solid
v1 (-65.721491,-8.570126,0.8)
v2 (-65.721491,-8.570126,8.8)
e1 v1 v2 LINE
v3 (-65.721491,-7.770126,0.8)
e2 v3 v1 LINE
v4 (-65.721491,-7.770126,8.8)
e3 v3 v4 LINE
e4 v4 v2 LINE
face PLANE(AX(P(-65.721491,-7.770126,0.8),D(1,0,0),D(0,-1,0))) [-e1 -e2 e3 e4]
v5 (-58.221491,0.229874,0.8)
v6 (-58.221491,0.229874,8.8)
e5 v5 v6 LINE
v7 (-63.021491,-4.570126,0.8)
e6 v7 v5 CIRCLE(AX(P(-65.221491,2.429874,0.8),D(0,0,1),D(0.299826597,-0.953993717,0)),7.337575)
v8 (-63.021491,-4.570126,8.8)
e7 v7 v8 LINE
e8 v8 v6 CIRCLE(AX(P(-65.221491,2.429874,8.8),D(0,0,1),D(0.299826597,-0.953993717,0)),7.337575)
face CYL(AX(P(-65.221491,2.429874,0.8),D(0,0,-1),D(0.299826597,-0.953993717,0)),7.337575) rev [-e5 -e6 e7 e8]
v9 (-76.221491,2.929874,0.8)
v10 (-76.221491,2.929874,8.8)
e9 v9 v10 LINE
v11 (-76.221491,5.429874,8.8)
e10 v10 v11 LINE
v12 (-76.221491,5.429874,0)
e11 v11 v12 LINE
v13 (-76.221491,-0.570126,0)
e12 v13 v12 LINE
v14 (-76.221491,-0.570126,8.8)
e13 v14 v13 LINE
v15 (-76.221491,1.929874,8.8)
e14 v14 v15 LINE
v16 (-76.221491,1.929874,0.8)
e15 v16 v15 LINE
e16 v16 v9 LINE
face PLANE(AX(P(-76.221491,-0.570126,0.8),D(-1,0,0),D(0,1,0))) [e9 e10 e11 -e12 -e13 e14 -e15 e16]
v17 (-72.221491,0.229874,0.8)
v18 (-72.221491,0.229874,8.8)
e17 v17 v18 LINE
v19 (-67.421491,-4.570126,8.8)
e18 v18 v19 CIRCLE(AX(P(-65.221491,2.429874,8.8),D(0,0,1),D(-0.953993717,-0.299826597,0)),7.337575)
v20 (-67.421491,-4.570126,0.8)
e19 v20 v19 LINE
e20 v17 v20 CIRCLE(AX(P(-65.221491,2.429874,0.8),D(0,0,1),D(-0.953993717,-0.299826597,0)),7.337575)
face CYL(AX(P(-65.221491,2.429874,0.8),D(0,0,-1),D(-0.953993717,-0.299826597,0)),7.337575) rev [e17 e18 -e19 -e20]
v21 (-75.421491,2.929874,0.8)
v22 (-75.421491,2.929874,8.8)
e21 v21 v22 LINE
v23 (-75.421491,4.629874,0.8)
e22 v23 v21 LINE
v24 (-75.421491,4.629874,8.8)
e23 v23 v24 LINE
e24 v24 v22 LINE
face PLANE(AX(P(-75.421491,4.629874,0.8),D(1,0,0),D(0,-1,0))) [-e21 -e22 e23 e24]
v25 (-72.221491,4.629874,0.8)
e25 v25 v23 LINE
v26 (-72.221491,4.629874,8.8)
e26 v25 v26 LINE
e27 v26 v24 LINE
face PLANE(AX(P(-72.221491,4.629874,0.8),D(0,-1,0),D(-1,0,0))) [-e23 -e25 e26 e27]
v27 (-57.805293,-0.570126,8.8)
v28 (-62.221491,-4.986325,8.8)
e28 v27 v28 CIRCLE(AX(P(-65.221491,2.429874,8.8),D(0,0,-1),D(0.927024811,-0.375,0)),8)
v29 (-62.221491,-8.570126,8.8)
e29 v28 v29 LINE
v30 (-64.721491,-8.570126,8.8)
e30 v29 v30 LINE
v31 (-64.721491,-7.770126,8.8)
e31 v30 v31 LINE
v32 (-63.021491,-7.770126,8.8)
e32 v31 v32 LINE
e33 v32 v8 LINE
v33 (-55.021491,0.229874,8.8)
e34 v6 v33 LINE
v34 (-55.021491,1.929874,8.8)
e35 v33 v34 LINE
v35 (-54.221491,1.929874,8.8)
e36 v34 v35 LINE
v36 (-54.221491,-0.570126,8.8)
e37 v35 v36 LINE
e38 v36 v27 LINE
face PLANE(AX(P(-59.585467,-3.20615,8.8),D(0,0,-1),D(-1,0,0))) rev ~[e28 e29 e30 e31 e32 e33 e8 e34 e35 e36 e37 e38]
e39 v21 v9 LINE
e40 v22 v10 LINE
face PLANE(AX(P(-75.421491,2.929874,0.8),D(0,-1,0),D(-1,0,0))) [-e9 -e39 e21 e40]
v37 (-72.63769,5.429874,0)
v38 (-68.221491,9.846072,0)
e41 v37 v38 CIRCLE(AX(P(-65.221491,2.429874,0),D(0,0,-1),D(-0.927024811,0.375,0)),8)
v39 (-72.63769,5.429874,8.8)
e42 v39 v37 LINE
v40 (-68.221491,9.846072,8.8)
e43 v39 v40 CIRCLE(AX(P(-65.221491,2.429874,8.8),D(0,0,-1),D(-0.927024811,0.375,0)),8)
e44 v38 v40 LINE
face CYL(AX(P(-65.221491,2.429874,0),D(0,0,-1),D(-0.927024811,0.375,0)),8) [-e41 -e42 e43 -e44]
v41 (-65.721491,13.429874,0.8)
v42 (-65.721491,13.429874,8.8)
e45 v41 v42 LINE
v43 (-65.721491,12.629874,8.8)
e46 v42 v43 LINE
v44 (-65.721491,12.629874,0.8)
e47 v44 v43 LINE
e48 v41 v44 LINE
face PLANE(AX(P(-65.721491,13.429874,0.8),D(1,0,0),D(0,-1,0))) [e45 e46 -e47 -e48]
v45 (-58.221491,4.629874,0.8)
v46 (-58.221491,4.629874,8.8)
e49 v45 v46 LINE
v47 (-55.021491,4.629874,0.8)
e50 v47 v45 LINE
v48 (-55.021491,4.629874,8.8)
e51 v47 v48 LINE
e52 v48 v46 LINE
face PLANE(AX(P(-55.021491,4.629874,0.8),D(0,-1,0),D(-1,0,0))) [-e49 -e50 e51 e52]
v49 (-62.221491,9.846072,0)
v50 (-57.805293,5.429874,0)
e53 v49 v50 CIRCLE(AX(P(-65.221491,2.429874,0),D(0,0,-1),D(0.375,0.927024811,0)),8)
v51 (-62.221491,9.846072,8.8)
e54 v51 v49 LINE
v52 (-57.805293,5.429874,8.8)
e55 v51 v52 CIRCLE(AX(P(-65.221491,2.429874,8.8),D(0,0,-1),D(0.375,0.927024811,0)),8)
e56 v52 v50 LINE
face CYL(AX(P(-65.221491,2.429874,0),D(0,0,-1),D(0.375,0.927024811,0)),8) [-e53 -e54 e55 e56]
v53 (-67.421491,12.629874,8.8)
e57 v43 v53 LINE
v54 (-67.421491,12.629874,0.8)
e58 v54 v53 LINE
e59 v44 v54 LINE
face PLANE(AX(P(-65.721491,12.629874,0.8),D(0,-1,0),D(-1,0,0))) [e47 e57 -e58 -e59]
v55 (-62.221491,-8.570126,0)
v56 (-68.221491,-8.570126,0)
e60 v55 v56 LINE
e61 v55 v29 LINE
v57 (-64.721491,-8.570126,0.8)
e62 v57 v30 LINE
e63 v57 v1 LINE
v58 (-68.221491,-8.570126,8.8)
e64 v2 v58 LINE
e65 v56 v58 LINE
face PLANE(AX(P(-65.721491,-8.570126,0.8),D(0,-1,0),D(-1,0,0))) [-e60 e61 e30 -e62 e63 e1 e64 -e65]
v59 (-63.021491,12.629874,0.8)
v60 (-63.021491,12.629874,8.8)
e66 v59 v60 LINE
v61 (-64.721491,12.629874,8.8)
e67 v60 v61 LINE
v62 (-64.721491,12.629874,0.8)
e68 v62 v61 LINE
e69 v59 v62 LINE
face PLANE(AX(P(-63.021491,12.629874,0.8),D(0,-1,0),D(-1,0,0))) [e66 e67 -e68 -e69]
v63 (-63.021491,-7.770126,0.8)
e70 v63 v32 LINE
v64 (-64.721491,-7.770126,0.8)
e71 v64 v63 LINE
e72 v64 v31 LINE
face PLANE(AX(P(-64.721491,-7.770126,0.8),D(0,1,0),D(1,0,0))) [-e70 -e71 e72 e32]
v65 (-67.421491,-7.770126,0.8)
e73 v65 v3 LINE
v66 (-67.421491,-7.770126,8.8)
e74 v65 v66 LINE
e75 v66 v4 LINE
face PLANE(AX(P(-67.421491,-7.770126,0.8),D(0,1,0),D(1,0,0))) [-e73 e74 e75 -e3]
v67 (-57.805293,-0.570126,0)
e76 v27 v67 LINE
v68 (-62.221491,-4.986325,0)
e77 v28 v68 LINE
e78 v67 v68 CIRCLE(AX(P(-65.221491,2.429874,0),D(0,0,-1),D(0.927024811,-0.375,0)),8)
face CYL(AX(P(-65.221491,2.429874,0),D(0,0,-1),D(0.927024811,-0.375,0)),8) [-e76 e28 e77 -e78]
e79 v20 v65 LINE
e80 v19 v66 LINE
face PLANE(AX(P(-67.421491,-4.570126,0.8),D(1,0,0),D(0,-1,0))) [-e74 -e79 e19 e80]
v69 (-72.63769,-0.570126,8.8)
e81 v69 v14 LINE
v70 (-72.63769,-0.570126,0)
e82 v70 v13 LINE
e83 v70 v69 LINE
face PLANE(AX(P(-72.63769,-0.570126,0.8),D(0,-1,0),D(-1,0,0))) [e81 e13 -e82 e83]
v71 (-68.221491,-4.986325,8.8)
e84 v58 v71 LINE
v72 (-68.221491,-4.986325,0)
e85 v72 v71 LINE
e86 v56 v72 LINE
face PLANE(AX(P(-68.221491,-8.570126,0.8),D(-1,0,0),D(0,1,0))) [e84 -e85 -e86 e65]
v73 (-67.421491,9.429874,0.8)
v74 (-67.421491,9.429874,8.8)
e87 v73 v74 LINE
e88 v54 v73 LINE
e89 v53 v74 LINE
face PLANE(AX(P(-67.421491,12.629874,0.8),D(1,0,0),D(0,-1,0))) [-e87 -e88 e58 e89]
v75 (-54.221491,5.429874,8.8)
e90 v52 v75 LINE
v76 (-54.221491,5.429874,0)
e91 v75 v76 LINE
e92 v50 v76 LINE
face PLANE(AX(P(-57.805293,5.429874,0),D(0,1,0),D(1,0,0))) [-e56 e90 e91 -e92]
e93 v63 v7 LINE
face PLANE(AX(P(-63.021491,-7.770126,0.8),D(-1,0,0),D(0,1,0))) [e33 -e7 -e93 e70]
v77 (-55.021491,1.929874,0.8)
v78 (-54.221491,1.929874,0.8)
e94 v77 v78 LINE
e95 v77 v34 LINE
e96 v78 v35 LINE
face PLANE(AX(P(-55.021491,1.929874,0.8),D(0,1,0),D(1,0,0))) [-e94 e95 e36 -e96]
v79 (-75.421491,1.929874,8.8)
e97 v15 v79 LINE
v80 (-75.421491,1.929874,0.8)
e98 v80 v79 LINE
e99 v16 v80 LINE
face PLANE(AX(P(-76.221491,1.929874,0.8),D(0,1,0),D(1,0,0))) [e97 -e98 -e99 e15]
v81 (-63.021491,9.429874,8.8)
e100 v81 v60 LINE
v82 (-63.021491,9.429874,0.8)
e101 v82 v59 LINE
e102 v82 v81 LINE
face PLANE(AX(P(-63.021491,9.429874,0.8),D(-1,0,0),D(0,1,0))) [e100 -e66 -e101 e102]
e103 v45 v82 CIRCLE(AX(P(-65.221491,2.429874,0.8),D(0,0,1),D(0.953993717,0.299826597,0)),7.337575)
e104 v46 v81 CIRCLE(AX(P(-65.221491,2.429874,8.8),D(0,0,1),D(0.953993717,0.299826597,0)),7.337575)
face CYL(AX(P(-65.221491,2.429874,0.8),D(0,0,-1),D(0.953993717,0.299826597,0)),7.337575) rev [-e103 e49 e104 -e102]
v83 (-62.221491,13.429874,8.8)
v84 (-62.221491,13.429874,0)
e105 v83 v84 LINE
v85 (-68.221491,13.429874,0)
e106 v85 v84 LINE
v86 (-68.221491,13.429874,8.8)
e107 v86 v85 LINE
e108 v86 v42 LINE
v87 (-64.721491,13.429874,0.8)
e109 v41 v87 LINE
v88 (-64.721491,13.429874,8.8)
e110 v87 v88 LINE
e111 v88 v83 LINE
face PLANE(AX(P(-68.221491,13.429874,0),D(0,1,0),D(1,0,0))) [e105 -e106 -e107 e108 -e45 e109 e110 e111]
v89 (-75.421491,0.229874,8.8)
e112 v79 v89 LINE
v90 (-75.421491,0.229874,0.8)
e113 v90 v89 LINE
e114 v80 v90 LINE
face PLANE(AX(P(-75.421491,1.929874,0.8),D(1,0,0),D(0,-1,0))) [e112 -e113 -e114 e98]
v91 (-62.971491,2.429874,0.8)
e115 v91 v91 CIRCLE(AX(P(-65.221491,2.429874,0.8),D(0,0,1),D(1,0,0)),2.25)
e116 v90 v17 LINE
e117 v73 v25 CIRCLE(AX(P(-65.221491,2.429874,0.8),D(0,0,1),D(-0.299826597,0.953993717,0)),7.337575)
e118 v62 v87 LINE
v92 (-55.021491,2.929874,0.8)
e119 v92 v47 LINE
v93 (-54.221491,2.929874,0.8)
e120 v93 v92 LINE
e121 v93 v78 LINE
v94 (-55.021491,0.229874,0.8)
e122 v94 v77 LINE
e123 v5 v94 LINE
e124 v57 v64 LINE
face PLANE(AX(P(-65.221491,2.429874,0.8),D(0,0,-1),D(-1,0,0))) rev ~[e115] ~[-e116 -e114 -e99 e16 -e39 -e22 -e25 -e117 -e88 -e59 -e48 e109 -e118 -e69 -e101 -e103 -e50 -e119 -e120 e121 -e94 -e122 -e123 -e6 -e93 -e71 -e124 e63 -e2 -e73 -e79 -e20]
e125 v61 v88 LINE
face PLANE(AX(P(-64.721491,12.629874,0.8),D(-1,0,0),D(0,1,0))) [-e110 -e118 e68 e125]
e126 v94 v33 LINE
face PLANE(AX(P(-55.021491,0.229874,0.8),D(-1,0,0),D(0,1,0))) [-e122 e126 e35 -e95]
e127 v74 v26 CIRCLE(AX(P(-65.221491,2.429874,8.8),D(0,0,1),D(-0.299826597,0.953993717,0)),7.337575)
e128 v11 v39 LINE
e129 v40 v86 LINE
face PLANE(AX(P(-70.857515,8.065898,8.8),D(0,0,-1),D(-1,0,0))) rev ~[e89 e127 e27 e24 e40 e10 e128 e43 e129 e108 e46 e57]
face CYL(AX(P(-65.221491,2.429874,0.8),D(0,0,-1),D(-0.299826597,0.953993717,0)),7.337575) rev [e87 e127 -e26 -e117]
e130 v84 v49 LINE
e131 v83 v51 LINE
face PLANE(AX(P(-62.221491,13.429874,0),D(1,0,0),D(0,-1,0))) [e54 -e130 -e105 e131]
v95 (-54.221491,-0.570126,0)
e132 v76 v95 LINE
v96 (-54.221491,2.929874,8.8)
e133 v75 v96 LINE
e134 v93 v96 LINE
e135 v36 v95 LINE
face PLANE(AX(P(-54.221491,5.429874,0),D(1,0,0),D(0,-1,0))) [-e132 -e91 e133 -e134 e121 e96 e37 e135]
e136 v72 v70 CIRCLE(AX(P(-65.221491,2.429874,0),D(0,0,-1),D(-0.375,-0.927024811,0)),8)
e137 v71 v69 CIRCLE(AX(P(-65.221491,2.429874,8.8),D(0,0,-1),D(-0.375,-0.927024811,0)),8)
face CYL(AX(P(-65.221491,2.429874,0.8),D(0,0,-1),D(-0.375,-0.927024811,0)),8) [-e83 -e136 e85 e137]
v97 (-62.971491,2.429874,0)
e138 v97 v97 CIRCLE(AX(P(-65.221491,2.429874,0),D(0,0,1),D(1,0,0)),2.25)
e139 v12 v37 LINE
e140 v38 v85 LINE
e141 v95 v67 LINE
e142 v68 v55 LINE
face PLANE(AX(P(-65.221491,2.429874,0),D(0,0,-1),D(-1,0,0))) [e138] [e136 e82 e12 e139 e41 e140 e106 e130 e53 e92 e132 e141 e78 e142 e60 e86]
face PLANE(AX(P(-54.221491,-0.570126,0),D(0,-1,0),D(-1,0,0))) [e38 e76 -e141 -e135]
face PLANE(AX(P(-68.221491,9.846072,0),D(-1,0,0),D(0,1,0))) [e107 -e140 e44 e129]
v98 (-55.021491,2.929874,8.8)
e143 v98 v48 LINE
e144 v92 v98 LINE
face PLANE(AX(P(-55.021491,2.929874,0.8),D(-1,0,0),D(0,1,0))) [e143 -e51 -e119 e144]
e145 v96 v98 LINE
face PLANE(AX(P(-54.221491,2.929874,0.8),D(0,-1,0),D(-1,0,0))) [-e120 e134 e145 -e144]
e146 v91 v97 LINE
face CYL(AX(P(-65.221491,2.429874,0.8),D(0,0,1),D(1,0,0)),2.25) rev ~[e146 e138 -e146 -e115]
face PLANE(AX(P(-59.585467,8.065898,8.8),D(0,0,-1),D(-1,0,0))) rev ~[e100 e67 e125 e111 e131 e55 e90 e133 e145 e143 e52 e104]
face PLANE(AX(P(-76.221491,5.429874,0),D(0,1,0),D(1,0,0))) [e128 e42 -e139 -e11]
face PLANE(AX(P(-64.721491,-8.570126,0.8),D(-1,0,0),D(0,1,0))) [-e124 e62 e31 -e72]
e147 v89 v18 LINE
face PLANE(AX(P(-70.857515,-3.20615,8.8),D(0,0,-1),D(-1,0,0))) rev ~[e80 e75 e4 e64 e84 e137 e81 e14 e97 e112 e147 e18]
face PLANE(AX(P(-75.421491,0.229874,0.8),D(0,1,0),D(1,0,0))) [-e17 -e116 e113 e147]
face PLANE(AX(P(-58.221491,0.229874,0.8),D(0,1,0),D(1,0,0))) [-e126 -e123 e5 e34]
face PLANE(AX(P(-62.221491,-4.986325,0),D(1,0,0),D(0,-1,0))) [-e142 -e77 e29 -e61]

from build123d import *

# Parameters (mm, degrees)
SALIENTE_EXTRUIR1_DEPTH = 0.8
SALIENTE_EXTRUIR2_DEPTH = 8
CROQUIS3_R              = 2.25
CORTAR_EXTRUIR1_DEPTH   = 0.8


with BuildPart() as part:
    # Croquis1 → Saliente-Extruir1 (new body)
    with BuildSketch(Plane.XY):
        with BuildLine():
            Line((-68.221491284, 9.846072283), (-68.221491284, 13.429873796))
            Line((-68.221491284, 13.429873796), (-62.221491284, 13.429873796))
            Line((-62.221491284, 13.429873796), (-62.221491284, 9.846072283))
            ThreePointArc((-62.221491284, 9.846072283), (-59.564637034, 8.086728046), (-57.805292797, 5.429873796))
            Line((-57.805292797, 5.429873796), (-54.221491284, 5.429873796))
            Line((-54.221491284, 5.429873796), (-54.221491284, -0.570126204))
            Line((-54.221491284, -0.570126204), (-57.805292797, -0.570126204))
            ThreePointArc((-57.805292797, -0.570126204), (-59.564637034, -3.226980453), (-62.221491284, -4.986324691))
            Line((-62.221491284, -4.986324691), (-62.221491284, -8.570126204))
            Line((-62.221491284, -8.570126204), (-68.221491284, -8.570126204))
            Line((-68.221491284, -8.570126204), (-68.221491284, -4.986324691))
            ThreePointArc((-68.221491284, -4.986324691), (-70.878345533, -3.226980453), (-72.637689771, -0.570126204))
            Line((-72.637689771, -0.570126204), (-76.221491284, -0.570126204))
            Line((-76.221491284, -0.570126204), (-76.221491284, 5.429873796))
            Line((-76.221491284, 5.429873796), (-72.637689771, 5.429873796))
            ThreePointArc((-72.637689771, 5.429873796), (-70.878345533, 8.086728046), (-68.221491284, 9.846072283))
        make_face()
    extrude(amount=SALIENTE_EXTRUIR1_DEPTH)

    # Croquis2 → Saliente-Extruir2 (add)
    with BuildSketch(Plane.XY.offset(0.8)):
        with BuildLine():
            Line((-72.637689771, -0.570126204), (-76.221491284, -0.570126204))
            Line((-76.221491284, -0.570126204), (-76.221491284, 1.929873796))
            Line((-76.221491284, 1.929873796), (-75.421491284, 1.929873796))
            Line((-75.421491284, 1.929873796), (-75.421491284, 0.229873796))
            Line((-75.421491284, 0.229873796), (-72.221491284, 0.229873796))
            ThreePointArc((-72.221491284, 0.229873796), (-70.409939992, -2.758574912), (-67.421491284, -4.570126204))
            Line((-67.421491284, -4.570126204), (-67.421491284, -7.770126204))
            Line((-67.421491284, -7.770126204), (-65.721491284, -7.770126204))
            Line((-65.721491284, -7.770126204), (-65.721491284, -8.570126204))
            Line((-65.721491284, -8.570126204), (-68.221491284, -8.570126204))
            Line((-68.221491284, -8.570126204), (-68.221491284, -4.986324691))
            ThreePointArc((-68.221491284, -4.986324691), (-70.878345533, -3.226980453), (-72.637689771, -0.570126204))
        make_face()
        with BuildLine():
            Line((-76.221491284, 5.429873796), (-72.637689771, 5.429873796))
            ThreePointArc((-72.637689771, 5.429873796), (-70.878345533, 8.086728046), (-68.221491284, 9.846072283))
            Line((-68.221491284, 9.846072283), (-68.221491284, 13.429873796))
            Line((-68.221491284, 13.429873796), (-65.721491284, 13.429873796))
            Line((-65.721491284, 13.429873796), (-65.721491284, 12.629873796))
            Line((-65.721491284, 12.629873796), (-67.421491284, 12.629873796))
            Line((-67.421491284, 12.629873796), (-67.421491284, 9.429873796))
            ThreePointArc((-67.421491284, 9.429873796), (-70.409939992, 7.618322504), (-72.221491284, 4.629873796))
            Line((-72.221491284, 4.629873796), (-75.421491284, 4.629873796))
            Line((-75.421491284, 4.629873796), (-75.421491284, 2.929873796))
            Line((-75.421491284, 2.929873796), (-76.221491284, 2.929873796))
            Line((-76.221491284, 2.929873796), (-76.221491284, 5.429873796))
        make_face()
        with BuildLine():
            Line((-62.221491284, 13.429873796), (-62.221491284, 9.846072283))
            ThreePointArc((-62.221491284, 9.846072283), (-59.564637034, 8.086728046), (-57.805292797, 5.429873796))
            Line((-57.805292797, 5.429873796), (-54.221491284, 5.429873796))
            Line((-54.221491284, 5.429873796), (-54.221491284, 2.929873796))
            Line((-54.221491284, 2.929873796), (-55.021491284, 2.929873796))
            Line((-55.021491284, 2.929873796), (-55.021491284, 4.629873796))
            Line((-55.021491284, 4.629873796), (-58.221491284, 4.629873796))
            ThreePointArc((-58.221491284, 4.629873796), (-60.033042575, 7.618322504), (-63.021491284, 9.429873796))
            Line((-63.021491284, 9.429873796), (-63.021491284, 12.629873796))
            Line((-63.021491284, 12.629873796), (-64.721491284, 12.629873796))
            Line((-64.721491284, 12.629873796), (-64.721491284, 13.429873796))
            Line((-64.721491284, 13.429873796), (-62.221491284, 13.429873796))
        make_face()
        with BuildLine():
            Line((-54.221491284, -0.570126204), (-57.805292797, -0.570126204))
            ThreePointArc((-57.805292797, -0.570126204), (-59.564637034, -3.226980453), (-62.221491284, -4.986324691))
            Line((-62.221491284, -4.986324691), (-62.221491284, -8.570126204))
            Line((-62.221491284, -8.570126204), (-64.721491284, -8.570126204))
            Line((-64.721491284, -8.570126204), (-64.721491284, -7.770126204))
            Line((-64.721491284, -7.770126204), (-63.021491284, -7.770126204))
            Line((-63.021491284, -7.770126204), (-63.021491284, -4.570126204))
            ThreePointArc((-63.021491284, -4.570126204), (-60.033042575, -2.758574912), (-58.221491284, 0.229873796))
            Line((-58.221491284, 0.229873796), (-55.021491284, 0.229873796))
            Line((-55.021491284, 0.229873796), (-55.021491284, 1.929873796))
            Line((-55.021491284, 1.929873796), (-54.221491284, 1.929873796))
            Line((-54.221491284, 1.929873796), (-54.221491284, -0.570126204))
        make_face()
    extrude(amount=SALIENTE_EXTRUIR2_DEPTH)

    # Croquis3 → Cortar-Extruir1 (cut)
    with BuildSketch(Plane.XY.offset(0.8)):
        with Locations((-65.221491284, 2.429873796)):
            Circle(CROQUIS3_R)
    extrude(amount=-CORTAR_EXTRUIR1_DEPTH, mode=Mode.SUBTRACT)


solid = part.part
